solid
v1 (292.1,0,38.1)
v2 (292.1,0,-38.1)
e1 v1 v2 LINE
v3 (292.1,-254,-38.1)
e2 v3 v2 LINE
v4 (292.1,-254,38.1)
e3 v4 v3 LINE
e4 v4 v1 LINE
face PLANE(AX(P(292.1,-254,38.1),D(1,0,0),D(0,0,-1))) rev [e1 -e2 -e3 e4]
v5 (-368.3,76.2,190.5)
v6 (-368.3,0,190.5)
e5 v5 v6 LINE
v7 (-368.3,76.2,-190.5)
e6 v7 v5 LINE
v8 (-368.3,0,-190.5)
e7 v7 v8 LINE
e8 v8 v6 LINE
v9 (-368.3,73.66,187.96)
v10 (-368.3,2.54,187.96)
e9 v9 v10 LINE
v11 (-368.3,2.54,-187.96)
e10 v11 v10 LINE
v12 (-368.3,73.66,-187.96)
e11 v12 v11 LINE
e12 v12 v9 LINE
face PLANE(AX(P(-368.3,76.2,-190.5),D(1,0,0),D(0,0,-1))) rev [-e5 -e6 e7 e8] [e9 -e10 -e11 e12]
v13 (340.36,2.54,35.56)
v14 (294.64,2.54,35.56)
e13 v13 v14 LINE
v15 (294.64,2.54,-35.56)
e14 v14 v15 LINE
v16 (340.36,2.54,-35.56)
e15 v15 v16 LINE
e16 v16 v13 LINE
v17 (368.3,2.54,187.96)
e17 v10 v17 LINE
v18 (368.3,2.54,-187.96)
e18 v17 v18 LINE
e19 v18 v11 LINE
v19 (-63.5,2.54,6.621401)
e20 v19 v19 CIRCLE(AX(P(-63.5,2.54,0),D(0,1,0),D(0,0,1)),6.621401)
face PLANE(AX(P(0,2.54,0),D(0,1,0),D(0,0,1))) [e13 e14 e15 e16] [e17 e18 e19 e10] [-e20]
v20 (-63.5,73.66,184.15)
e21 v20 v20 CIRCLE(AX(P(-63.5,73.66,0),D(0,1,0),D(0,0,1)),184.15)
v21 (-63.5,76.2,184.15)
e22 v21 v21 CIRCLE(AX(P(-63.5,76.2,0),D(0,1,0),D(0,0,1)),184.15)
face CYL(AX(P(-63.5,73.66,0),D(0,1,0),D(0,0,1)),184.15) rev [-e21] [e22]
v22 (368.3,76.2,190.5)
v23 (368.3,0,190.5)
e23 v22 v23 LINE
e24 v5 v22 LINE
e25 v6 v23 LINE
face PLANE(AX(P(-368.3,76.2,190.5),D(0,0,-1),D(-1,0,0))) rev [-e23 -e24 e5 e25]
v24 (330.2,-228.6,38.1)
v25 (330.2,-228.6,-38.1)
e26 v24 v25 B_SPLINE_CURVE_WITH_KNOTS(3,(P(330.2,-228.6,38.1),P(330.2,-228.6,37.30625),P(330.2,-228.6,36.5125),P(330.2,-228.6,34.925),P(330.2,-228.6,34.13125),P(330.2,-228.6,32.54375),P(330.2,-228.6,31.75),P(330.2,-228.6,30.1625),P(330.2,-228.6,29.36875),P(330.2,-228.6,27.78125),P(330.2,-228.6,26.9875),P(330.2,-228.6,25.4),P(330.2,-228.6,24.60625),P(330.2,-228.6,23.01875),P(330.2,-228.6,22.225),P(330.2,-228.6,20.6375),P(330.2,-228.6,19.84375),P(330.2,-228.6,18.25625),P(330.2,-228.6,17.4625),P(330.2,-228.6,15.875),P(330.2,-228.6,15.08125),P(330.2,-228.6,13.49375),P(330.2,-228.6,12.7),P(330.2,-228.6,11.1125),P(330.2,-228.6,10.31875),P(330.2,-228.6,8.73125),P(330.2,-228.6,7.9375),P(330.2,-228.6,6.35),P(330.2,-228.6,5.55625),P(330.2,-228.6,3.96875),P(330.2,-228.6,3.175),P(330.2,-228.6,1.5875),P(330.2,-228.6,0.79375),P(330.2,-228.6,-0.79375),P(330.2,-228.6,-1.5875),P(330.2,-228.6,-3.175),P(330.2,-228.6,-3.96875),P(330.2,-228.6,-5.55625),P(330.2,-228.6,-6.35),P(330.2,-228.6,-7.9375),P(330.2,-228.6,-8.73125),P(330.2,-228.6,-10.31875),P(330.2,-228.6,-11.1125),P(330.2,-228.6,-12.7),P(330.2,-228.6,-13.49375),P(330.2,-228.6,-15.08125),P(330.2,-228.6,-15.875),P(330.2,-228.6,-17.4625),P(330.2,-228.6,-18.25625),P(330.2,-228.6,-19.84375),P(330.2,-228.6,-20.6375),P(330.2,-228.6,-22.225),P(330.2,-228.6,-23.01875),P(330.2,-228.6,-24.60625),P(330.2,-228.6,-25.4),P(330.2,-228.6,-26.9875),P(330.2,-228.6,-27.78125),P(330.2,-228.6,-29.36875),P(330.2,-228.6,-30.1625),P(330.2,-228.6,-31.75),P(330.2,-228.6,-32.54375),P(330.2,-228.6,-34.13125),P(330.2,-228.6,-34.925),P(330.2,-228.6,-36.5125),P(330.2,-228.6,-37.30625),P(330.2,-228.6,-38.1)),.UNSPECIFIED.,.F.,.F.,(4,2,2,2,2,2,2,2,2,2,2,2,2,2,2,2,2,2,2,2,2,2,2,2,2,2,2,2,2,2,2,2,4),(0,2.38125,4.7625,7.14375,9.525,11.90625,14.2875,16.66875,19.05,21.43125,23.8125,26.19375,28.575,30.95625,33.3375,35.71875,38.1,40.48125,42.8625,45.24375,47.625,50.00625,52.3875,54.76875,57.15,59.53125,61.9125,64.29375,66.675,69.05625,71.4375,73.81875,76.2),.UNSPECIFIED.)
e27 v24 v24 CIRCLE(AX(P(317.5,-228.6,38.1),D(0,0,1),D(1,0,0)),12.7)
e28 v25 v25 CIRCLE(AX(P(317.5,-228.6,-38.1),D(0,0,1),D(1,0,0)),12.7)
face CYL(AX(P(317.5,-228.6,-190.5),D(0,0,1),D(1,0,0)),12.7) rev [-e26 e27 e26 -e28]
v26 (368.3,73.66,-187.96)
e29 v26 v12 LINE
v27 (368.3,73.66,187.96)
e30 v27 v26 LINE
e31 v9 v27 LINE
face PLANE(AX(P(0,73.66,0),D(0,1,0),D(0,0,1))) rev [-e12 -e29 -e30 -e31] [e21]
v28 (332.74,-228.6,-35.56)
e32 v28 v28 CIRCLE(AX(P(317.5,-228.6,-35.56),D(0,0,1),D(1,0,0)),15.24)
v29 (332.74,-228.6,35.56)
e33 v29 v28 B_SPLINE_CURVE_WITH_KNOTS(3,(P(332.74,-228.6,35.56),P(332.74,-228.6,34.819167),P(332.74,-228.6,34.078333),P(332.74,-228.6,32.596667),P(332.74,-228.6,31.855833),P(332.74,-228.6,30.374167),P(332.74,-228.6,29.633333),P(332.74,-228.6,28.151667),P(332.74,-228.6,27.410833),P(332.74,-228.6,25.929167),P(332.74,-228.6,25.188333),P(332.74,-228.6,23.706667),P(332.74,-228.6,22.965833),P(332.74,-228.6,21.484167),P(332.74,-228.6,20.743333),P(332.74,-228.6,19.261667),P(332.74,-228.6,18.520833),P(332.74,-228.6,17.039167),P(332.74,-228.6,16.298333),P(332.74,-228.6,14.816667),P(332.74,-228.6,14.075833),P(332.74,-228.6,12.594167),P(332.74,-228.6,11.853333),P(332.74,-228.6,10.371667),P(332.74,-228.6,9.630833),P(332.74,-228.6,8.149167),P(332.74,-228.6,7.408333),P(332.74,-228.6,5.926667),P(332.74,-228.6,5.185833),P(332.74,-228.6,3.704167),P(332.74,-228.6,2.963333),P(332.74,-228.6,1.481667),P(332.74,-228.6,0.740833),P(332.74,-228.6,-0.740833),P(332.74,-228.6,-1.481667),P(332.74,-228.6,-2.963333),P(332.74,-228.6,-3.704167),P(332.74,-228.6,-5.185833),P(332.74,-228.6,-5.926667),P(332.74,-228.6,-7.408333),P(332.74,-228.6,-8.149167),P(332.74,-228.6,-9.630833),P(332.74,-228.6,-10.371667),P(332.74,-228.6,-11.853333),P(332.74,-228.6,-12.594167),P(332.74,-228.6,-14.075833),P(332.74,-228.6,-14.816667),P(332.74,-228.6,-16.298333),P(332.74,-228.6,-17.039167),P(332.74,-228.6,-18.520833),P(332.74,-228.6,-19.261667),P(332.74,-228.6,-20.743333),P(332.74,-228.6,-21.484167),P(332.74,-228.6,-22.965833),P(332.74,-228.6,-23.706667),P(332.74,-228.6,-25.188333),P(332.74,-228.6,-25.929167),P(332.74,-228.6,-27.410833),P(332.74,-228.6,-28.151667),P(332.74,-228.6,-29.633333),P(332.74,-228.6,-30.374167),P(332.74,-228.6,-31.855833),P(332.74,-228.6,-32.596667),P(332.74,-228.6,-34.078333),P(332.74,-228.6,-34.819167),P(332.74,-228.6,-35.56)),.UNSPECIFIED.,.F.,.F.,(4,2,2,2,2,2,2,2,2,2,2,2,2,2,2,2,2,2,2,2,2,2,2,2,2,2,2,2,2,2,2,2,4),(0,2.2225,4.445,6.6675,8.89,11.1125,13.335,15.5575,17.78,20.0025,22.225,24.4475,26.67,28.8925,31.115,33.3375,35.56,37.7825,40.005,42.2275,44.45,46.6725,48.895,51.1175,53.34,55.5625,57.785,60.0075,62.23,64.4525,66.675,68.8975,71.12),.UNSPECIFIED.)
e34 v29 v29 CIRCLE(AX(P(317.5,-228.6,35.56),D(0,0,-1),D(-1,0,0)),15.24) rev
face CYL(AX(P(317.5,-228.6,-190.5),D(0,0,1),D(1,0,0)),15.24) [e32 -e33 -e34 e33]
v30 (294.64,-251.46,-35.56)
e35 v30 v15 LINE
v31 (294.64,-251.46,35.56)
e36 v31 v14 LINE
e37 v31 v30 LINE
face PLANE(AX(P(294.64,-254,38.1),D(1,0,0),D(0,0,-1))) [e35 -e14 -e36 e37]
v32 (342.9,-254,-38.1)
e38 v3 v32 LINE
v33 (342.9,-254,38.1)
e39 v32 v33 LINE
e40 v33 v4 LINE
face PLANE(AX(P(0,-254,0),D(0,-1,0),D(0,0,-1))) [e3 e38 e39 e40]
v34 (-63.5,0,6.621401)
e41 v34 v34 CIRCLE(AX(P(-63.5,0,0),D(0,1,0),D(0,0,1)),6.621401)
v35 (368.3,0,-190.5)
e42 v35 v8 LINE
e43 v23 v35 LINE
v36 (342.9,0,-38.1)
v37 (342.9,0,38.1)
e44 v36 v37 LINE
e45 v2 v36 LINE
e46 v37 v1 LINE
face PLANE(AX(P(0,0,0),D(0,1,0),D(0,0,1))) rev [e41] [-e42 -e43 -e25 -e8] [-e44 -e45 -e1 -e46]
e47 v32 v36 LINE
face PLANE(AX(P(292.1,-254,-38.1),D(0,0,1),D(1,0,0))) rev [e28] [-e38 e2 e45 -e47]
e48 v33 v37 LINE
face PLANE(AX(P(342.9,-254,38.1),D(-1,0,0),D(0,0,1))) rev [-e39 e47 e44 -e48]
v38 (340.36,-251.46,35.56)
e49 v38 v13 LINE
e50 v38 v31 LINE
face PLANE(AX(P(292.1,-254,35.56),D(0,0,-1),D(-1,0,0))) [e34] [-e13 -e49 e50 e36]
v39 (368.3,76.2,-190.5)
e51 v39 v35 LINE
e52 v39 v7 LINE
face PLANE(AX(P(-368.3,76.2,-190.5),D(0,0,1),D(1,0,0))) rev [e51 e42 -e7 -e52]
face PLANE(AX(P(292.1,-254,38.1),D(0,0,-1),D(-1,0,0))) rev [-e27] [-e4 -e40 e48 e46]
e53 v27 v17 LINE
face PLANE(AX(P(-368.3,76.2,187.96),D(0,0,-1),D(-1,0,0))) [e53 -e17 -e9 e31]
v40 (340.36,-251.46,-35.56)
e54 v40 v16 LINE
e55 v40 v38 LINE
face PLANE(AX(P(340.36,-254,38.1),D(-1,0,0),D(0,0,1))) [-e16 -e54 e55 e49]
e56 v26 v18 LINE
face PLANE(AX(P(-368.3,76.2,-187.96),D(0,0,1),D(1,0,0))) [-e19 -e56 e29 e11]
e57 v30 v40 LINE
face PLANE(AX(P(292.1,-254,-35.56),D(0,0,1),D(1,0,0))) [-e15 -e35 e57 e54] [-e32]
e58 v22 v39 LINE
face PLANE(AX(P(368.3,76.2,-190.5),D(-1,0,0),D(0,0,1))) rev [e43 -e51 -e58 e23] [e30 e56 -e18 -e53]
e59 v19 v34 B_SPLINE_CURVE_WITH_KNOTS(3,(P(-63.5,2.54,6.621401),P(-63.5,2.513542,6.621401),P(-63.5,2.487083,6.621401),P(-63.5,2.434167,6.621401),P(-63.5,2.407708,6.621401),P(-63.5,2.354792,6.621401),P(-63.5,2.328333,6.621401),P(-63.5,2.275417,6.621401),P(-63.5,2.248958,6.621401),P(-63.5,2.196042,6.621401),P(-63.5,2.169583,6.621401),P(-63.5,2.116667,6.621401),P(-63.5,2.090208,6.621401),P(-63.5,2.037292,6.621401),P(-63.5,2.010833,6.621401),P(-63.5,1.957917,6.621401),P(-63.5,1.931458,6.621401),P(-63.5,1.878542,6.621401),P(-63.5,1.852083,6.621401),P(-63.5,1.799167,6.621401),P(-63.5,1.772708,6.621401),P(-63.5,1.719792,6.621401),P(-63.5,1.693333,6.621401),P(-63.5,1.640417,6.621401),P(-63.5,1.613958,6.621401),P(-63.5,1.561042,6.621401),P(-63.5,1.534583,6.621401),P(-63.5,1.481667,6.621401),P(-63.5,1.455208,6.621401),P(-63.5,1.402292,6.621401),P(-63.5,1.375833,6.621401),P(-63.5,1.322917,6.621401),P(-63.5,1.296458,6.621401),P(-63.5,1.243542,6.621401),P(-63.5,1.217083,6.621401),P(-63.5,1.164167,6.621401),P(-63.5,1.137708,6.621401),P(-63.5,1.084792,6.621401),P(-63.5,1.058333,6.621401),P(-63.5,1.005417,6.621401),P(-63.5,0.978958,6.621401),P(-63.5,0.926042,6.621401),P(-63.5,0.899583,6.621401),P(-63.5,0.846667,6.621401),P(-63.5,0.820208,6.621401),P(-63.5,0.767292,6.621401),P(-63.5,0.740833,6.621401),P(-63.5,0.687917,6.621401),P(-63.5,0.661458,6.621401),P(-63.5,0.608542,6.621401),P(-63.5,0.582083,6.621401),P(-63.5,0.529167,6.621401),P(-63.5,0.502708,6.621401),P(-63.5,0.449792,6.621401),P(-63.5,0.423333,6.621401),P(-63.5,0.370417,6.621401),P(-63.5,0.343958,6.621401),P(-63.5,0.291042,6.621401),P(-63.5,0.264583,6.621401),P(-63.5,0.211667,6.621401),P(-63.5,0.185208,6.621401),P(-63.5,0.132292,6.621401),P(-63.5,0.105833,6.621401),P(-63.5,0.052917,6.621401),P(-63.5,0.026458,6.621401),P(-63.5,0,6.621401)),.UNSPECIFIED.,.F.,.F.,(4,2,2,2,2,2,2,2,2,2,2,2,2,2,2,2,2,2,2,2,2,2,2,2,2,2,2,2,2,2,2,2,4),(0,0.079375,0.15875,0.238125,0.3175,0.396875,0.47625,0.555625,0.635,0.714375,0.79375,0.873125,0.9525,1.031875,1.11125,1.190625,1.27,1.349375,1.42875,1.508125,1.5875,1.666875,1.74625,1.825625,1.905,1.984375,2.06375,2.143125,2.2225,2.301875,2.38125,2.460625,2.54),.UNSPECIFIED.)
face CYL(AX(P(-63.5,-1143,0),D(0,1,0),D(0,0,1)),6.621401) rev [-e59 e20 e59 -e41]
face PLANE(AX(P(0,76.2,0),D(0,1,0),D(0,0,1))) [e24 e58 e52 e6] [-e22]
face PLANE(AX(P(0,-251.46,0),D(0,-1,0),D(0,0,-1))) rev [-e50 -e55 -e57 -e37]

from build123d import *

# Parameters (mm, degrees)
SKETCH1_W           = 736.6
SKETCH1_H           = 381
BOSS_EXTRUDE1_DEPTH = 76.2
SKETCH2_W           = 50.8
SKETCH2_H           = 76.2
BOSS_EXTRUDE2_DEPTH = 254
SKETCH3_R           = 12.7
CUT_EXTRUDE1_DEPTH  = 503.413027299
SHELL1_T            = -2.54
SKETCH4_R           = 184.15
CUT_EXTRUDE2_DEPTH  = 2.54
SKETCH5_R           = 6.621401099
CUT_EXTRUDE3_DEPTH  = 1219.2


with BuildPart() as part:
    # Sketch1 → Boss-Extrude1 (new body)
    with BuildSketch(Plane(origin=(0, 0, 0), x_dir=(1, 0, 0), z_dir=(0, 1, 0))):
        Rectangle(SKETCH1_W, SKETCH1_H)
    extrude(amount=BOSS_EXTRUDE1_DEPTH)

    # Sketch2 → Boss-Extrude2 (add)
    with BuildSketch(Plane(origin=(0, 0, 0), x_dir=(-1, 0, 0), z_dir=(0, -1, 0))):
        with Locations((-317.5, 0)):
            Rectangle(SKETCH2_W, SKETCH2_H)
    extrude(amount=BOSS_EXTRUDE2_DEPTH)

    # Sketch3 → Cut-Extrude1 (cut, through all)
    with BuildSketch(Plane.XY.offset(38.1)):
        with Locations((317.5, -228.6)):
            Circle(SKETCH3_R)
    extrude(amount=-CUT_EXTRUDE1_DEPTH, mode=Mode.SUBTRACT)

    # Shell1
    shell1_openings = [part.faces().sort_by_distance(p)[0] for p in [
        (-368.3, 38.1, 0),
        (368.3, 38.1, 0),
    ]]
    offset(amount=SHELL1_T, openings=shell1_openings, kind=Kind.INTERSECTION)

    # Sketch4 → Cut-Extrude2 (cut)
    with BuildSketch(Plane(origin=(0, 76.2, 0), x_dir=(1, 0, 0), z_dir=(0, 1, 0))):
        with Locations(Location((-63.5, 0, 0), (0, 0, 270))):
            Circle(SKETCH4_R)
    extrude(amount=-CUT_EXTRUDE2_DEPTH, mode=Mode.SUBTRACT)

    # Sketch5 → Cut-Extrude3 (cut)
    with BuildSketch(Plane(origin=(0, 76.2, 0), x_dir=(1, 0, 0), z_dir=(0, 1, 0))):
        with Locations(Location((-63.5, 0, 0), (0, 0, 270))):
            Circle(SKETCH5_R)
    extrude(amount=-CUT_EXTRUDE3_DEPTH, mode=Mode.SUBTRACT)


solid = part.part
